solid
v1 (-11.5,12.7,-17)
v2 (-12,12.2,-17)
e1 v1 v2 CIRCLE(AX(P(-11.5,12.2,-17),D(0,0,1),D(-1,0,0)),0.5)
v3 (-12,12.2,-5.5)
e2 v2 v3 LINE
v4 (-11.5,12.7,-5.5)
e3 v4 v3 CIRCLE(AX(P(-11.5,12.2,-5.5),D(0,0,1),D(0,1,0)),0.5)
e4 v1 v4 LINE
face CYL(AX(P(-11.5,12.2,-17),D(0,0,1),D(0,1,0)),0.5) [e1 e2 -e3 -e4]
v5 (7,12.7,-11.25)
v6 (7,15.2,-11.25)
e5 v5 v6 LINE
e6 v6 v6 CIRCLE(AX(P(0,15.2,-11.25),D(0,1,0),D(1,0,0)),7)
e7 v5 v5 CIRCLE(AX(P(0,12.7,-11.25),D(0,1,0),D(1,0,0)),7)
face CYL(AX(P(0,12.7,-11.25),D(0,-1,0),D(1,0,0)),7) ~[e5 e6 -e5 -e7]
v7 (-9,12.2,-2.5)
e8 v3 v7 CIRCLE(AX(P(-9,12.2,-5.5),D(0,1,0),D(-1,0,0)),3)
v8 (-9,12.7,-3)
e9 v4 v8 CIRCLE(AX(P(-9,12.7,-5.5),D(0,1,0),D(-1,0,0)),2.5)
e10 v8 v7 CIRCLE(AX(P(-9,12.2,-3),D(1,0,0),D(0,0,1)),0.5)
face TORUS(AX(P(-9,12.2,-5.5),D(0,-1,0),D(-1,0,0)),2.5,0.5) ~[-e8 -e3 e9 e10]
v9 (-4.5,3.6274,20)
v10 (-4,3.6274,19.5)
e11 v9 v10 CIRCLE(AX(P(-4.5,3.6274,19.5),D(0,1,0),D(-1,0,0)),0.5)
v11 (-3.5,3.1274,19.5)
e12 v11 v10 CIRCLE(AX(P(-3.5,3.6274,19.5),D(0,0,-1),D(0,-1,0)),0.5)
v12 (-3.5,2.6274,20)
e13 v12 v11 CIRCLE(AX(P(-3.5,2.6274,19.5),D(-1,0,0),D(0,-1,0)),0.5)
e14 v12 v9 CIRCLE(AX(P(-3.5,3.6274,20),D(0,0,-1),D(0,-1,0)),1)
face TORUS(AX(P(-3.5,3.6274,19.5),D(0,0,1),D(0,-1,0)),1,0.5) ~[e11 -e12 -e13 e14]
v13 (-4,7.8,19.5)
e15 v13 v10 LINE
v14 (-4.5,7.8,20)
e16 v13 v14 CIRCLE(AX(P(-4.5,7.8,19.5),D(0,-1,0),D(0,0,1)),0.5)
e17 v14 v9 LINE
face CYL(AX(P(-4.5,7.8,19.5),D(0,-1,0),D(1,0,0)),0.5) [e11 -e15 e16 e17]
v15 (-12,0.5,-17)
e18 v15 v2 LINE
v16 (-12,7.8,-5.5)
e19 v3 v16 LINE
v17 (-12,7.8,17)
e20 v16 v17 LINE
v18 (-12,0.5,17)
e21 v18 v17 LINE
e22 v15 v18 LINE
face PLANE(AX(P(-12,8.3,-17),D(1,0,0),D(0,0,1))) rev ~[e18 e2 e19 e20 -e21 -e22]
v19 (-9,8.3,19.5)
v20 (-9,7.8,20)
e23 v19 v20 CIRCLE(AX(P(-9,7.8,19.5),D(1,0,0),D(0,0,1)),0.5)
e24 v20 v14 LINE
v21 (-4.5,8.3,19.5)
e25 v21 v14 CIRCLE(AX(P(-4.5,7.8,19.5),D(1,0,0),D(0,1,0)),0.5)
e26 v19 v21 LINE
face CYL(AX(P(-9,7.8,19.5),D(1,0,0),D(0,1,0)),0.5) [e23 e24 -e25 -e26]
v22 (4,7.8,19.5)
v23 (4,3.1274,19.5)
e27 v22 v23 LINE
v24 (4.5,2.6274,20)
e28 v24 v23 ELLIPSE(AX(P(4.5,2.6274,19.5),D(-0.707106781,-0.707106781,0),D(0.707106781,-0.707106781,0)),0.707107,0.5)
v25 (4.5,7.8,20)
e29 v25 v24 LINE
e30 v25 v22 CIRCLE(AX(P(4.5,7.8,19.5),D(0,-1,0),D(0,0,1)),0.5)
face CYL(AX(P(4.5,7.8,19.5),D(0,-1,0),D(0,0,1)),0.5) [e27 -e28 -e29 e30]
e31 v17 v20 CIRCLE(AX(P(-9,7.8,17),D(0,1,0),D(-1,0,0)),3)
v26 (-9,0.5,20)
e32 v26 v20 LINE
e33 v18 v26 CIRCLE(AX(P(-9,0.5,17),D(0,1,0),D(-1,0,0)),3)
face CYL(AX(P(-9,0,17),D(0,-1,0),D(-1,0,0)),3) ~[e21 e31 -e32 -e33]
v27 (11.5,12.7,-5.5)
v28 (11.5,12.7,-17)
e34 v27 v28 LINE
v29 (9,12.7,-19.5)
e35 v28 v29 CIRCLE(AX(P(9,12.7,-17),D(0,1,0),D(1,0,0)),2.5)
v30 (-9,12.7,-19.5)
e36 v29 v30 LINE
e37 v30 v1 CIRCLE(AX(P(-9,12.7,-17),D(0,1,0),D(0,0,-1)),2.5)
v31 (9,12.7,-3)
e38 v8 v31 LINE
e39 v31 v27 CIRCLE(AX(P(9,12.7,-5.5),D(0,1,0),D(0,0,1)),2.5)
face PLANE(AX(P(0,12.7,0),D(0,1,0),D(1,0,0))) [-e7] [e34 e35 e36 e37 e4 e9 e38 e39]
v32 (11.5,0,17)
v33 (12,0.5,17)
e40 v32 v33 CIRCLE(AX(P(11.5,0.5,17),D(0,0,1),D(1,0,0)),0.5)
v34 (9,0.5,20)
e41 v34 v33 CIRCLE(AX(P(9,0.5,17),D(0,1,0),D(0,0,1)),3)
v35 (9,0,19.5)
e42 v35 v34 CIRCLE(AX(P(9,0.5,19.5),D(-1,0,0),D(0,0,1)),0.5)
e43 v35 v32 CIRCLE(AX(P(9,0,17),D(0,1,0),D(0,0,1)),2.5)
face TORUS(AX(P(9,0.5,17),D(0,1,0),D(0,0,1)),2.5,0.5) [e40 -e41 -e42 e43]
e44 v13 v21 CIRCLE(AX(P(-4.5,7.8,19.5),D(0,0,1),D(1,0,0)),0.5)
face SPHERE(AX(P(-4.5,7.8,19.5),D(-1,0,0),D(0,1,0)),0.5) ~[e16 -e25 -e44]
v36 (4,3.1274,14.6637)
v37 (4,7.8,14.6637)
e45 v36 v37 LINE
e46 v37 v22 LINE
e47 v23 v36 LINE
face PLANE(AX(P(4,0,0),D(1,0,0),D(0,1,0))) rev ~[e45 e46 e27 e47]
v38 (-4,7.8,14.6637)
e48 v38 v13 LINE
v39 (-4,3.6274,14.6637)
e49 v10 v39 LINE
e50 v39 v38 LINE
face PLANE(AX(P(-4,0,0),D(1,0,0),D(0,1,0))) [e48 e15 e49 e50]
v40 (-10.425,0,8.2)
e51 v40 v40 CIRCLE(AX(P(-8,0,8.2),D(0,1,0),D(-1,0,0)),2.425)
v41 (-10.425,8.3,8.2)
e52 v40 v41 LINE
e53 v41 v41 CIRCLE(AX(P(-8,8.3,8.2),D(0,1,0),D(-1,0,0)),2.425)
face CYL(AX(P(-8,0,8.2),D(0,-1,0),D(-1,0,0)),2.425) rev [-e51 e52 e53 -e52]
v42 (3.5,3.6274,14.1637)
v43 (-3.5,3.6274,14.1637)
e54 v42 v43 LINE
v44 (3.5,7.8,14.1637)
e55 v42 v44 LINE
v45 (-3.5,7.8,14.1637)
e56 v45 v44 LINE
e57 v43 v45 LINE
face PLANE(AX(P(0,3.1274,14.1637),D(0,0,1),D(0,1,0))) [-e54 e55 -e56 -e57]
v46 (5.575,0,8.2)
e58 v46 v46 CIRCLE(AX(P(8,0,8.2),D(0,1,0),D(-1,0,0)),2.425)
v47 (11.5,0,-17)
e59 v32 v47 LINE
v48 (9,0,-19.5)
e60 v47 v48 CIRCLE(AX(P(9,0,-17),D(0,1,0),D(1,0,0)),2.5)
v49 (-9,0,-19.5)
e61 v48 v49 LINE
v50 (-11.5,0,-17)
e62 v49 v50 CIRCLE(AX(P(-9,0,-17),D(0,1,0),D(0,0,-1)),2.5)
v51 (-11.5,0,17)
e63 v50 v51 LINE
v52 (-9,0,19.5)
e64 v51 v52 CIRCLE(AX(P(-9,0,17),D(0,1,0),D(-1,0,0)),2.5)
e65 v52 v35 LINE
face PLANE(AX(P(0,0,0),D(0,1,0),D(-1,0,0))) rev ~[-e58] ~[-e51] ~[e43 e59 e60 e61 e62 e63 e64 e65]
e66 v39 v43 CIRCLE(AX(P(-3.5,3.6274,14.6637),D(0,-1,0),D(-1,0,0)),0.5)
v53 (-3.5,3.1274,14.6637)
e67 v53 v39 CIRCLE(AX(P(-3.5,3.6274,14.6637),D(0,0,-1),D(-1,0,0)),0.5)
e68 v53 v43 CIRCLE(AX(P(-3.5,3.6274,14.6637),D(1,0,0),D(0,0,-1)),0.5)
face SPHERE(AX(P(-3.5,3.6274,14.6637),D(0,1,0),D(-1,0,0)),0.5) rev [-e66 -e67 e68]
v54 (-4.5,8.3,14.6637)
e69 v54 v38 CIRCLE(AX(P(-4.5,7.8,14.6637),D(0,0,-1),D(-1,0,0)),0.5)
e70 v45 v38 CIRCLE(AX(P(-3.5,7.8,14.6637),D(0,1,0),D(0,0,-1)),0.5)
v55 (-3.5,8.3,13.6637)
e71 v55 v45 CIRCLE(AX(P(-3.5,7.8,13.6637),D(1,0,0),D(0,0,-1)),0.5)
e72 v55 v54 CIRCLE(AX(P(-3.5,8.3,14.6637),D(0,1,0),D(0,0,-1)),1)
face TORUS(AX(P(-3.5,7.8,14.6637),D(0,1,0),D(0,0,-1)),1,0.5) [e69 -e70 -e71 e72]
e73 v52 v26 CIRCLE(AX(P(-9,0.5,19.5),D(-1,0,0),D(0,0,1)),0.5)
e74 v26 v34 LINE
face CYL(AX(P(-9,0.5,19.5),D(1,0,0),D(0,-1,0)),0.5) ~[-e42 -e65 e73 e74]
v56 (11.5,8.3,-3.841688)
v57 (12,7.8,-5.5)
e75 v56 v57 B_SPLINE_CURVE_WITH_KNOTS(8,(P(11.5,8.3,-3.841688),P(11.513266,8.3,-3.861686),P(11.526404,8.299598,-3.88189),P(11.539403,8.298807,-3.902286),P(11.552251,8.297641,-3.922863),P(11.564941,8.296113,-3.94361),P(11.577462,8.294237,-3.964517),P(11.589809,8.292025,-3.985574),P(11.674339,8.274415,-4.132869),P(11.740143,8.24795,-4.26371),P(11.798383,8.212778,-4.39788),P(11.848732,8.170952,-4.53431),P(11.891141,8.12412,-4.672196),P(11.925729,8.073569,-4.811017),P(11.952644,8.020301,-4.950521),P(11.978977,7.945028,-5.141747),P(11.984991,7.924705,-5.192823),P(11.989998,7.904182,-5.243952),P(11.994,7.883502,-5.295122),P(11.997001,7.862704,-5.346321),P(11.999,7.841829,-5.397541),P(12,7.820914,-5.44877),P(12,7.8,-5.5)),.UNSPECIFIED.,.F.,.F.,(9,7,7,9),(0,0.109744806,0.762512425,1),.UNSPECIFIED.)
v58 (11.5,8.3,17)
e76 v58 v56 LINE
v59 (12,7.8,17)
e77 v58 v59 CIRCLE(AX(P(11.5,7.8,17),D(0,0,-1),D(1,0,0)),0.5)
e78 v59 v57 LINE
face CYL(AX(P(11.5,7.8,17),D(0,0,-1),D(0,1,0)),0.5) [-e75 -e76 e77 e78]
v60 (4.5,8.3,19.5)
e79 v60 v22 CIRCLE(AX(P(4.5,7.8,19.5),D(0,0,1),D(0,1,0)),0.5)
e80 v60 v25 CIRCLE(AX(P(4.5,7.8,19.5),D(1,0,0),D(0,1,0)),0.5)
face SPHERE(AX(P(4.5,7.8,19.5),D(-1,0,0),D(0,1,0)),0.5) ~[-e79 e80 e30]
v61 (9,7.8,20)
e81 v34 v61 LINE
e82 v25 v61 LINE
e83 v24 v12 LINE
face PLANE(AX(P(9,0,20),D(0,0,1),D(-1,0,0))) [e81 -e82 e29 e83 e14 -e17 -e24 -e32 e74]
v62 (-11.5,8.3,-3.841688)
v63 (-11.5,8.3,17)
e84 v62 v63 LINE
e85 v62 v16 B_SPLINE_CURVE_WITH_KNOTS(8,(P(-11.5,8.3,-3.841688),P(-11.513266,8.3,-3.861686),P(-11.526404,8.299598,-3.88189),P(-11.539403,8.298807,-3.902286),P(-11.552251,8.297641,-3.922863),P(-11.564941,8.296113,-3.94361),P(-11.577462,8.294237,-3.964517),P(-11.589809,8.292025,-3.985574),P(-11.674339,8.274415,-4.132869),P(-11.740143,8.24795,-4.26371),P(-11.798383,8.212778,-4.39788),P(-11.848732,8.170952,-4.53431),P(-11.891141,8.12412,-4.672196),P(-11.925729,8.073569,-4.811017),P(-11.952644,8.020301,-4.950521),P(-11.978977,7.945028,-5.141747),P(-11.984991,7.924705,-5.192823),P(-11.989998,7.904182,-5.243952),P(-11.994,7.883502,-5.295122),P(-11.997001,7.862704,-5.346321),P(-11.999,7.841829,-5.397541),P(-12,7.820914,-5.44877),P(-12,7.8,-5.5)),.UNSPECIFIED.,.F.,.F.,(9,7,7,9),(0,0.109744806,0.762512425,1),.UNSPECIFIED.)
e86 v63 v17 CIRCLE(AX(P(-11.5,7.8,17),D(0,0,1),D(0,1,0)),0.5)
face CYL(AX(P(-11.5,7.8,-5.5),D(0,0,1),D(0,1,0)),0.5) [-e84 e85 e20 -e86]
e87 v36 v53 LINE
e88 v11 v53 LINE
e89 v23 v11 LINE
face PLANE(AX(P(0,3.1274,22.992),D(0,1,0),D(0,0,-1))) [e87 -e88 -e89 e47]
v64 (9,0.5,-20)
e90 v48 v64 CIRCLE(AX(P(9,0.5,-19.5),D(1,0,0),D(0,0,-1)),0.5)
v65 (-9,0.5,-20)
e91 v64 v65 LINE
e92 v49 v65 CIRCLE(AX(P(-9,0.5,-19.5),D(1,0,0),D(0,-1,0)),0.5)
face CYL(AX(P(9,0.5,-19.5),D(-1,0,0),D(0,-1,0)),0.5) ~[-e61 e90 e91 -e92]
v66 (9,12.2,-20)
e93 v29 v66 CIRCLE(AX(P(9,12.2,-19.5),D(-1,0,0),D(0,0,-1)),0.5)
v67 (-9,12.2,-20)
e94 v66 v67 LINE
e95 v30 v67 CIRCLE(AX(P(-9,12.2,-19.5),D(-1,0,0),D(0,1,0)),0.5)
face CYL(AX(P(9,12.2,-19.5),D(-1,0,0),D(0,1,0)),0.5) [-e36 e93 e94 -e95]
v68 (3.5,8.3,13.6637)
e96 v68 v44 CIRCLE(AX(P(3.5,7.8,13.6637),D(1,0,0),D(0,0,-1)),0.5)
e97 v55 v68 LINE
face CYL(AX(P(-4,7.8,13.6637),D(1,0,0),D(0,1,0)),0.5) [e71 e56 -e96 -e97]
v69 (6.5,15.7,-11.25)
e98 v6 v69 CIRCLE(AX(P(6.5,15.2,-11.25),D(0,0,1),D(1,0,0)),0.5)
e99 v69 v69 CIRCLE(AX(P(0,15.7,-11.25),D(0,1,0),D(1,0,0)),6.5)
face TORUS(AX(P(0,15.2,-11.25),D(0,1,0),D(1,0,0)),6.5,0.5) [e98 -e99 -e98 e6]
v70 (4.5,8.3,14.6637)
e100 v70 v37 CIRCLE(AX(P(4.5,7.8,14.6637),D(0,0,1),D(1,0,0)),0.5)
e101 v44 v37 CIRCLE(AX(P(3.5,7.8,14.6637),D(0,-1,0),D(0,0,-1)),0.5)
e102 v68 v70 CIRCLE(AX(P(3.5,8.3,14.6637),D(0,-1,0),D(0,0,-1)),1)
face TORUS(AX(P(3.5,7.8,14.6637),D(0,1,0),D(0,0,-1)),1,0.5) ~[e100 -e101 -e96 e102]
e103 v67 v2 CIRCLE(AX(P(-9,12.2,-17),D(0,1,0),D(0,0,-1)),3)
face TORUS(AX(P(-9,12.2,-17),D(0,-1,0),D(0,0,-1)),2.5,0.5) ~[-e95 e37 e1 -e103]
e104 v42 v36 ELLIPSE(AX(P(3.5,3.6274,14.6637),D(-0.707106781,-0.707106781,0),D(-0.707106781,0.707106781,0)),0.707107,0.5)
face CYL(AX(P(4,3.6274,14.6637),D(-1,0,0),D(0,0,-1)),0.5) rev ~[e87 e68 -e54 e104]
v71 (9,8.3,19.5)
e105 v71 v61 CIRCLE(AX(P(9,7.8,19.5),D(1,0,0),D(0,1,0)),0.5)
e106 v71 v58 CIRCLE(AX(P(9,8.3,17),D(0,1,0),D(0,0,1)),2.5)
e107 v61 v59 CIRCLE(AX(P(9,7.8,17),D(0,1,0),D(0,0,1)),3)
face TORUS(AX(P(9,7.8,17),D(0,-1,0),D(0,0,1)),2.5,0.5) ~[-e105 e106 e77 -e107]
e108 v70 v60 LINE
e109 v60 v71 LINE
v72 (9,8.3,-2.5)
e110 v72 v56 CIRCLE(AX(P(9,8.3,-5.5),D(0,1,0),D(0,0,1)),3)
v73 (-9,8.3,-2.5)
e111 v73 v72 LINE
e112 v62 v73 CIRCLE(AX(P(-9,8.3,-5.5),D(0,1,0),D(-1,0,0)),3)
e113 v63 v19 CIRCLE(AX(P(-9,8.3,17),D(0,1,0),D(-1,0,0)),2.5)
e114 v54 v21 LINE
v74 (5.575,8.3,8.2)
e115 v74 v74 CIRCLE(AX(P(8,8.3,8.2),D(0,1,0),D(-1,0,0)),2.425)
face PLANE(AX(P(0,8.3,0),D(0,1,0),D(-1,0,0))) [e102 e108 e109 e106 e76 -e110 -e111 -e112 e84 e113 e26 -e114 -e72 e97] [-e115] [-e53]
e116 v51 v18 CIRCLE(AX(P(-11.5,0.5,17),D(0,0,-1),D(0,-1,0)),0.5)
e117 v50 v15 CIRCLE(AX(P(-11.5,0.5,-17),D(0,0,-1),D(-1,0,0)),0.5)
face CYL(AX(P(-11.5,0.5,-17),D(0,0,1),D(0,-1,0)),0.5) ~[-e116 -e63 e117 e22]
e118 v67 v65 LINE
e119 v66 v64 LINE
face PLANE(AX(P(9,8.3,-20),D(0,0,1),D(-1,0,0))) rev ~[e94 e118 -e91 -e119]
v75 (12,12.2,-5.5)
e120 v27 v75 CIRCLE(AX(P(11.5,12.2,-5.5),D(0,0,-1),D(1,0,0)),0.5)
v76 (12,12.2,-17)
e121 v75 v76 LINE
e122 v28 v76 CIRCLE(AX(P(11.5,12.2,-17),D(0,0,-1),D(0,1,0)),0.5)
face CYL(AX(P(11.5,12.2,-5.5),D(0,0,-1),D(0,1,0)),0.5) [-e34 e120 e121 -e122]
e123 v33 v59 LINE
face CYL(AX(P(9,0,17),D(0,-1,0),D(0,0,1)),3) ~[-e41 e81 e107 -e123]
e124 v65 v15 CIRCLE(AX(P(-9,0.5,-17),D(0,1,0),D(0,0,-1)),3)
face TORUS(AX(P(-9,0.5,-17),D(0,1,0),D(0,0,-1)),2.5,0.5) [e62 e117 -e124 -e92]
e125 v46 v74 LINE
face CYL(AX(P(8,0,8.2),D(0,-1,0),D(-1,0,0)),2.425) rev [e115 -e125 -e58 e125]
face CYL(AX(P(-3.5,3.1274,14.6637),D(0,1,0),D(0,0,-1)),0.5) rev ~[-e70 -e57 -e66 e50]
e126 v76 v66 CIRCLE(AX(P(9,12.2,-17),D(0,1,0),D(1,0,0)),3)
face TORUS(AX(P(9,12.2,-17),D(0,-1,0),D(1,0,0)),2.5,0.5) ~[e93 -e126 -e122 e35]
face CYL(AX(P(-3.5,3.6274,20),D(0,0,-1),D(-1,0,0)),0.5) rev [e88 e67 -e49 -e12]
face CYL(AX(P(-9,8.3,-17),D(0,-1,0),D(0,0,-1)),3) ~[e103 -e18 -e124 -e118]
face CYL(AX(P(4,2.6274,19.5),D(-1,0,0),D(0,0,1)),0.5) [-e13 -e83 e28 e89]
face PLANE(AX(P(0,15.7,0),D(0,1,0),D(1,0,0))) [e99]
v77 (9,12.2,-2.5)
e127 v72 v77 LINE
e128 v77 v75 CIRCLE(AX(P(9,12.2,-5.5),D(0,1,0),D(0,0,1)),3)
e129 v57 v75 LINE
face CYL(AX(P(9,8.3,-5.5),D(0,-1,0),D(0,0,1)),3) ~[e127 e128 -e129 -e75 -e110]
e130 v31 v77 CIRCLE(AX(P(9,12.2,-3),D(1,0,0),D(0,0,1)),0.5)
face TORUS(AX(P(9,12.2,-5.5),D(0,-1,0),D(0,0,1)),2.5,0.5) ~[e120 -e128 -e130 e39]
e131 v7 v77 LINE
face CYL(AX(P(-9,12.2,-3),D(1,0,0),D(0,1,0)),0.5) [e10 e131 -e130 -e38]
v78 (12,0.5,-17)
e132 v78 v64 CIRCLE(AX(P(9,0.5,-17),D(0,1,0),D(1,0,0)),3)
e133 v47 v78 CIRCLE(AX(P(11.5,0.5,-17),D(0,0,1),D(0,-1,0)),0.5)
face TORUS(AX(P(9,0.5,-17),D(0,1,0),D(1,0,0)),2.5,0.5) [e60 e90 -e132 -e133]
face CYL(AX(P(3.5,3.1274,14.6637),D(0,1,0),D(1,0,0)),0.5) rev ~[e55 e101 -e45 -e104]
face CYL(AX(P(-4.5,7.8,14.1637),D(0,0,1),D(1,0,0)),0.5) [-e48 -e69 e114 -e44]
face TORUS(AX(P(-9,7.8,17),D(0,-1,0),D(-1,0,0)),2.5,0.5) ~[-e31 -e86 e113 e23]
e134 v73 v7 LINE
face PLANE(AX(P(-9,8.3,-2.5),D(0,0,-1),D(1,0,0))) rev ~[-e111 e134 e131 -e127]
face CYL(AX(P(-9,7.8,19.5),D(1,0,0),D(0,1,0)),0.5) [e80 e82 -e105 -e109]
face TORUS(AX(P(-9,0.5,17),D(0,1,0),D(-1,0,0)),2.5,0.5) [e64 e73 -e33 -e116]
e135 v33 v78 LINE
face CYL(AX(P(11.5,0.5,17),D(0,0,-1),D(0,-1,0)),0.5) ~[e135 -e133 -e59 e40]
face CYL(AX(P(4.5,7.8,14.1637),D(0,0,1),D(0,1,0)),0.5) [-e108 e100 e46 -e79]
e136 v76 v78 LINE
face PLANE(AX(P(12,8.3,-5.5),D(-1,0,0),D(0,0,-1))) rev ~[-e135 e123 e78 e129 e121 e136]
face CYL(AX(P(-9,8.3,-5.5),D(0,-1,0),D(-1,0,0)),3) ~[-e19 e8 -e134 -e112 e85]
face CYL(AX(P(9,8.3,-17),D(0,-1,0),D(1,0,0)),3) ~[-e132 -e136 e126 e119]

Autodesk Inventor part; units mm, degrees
ref_plane "YZ Plane" through (0, 0, 0) normal (1, 0, 0) x (0, 1, 0)
ref_plane "XZ Plane" through (0, 0, 0) normal (0, 1, 0) x (-1, 0, 0)
ref_plane "XY Plane" through (0, 0, 0) normal (0, 0, 1) x (1, 0, 0)
sketch "スケッチ1" plane through (0, 0, 0) normal (0, 1, 0) x (-1, 0, 0)
  line L0 (-9, 20) -> (9, 20)
  line L1 (12, 17) -> (12, -17)
  line L2 (9, -20) -> (-9, -20)
  line L3 (-12, -17) -> (-12, 17)
  line L4 (-12, 20) -> (12, -20) construction
  line L5 (12, 20) -> (-12, -20) construction
  line L6 (0, -28.8698) -> (0, 28.8698) projected
  circle A0 centre (8, 8.2) radius 2.425
  circle A1 centre (-8, 8.2) radius 2.425
  arc A2 (12, 17) -> (9, 20) centre (9, 17) ccw
  arc A3 (-9, 20) -> (-12, 17) centre (-9, 17) ccw
  arc A4 (-12, -17) -> (-9, -20) centre (-9, -17) ccw
  arc A5 (9, -20) -> (12, -17) centre (9, -17) ccw
  point P0 (0, 0)
  dimension "d0" = 24
  dimension "d1" = 40
  dimension "d4" = 4.85
  dimension "d5" = 16
  dimension "d6" = 11.8
  dimension "d7" = 3
extrude "押し出し1" add sketch "スケッチ1" along normal blind 8.3
sketch "スケッチ2" plane through (0, 8.3, 0) normal (0, 1, 0) x (1, 0, 0)
  line L0 (-12, 17) -> (-12, -17) projected
  line L1 (-9, 2.5) -> (9, 2.5)
  line L2 (12, -17) -> (12, 17) projected
  line L3 (-12, 17) -> (-12, 5.5)
  line L4 (12, 17) -> (12, 5.5)
  arc A0 (-12, 5.5) -> (-9, 2.5) centre (-9, 5.5) ccw
  arc A1 (9, 2.5) -> (12, 5.5) centre (9, 5.5) ccw
  line L5 (9, 20) -> (-9, 20) projected
  arc A2 (-9, 20) -> (-12, 17) centre (-9, 17) ccw projected
  arc A3 (12, 17) -> (9, 20) centre (9, 17) ccw projected
  point P0 (0, 0)
  point P1 (-12, 2.5)
  point P2 (12, 2.5)
  dimension "d10" = 3
  dimension "d11" = 17.5
extrude "押し出し2" add sketch "スケッチ2" along normal blind 4.4
sketch "スケッチ3" plane through (0, 12.7, 0) normal (0, 1, 0) x (1, 0, 0)
  circle A0 centre (0, 11.25) radius 7
  line L0 (-12, 17) -> (-12, 5.5) projected
  line L1 (-12, 11.25) -> (12, 11.25) construction
  line L2 (12, 5.5) -> (12, 17) projected
  line L3 (9, 20) -> (-9, 20) projected
  line L4 (0, 20) -> (0, 2.5) construction
  line L5 (-9, 2.5) -> (9, 2.5) projected
  point P0 (0, 0)
  dimension "d14" = 14
extrude "押し出し3" add sketch "スケッチ3" along normal blind 3
fillet "フィレット1" radius 0.5 1 edges at (-7, 15.7, -11.25)
fillet "フィレット2" radius 0.5 21 edges at (11.1213, 8.3, 19.1213) (0, 8.3, 20) (-11.1213, 8.3, 19.1213) (-12, 8.3, 5.75) (12, 8.3, 5.75) (11.1213, 12.7, -3.3787) (12, 12.7, -11.25) (11.1213, 12.7, -19.1213) (0, 12.7, -20) (-11.1213, 12.7, -19.1213) (-12, 12.7, -11.25) (-11.1213, 12.7, -3.3787) (0, 12.7, -2.5) (11.1213, 0, 19.1213) (12, 0, 0) (11.1213, 0, -19.1213) (0, 0, -20) (-11.1213, 0, -19.1213) (-12, 0, 0) (-11.1213, 0, 19.1213) (0, 0, 20)
sketch "スケッチ4" plane through (0, 0, 0) normal (1, 0, 0) x (0, 1, 0)
  line L0 (10.3657, 22.992) -> (3.1274, 22.992)
  line L1 (3.1274, 22.992) -> (3.1274, 14.1637)
  line L2 (3.1274, 14.1637) -> (10.3657, 14.1637)
  line L3 (10.3657, 14.1637) -> (10.3657, 22.992)
  point P0 (0, 0)
extrude "押し出し4" cut sketch "スケッチ4" along normal mid plane 8
fillet "フィレット3" radius 0.5 12 edges at (0, 8.3, 14.1637) (-4, 8.1536, 19.8536) (-4, 5.4637, 20) (-4, 8.3, 16.8319) (-4, 5.7137, 14.1637) (-4, 3.1274, 17.0819) (0, 3.1274, 14.1637) (4, 8.1536, 19.8536) (4, 8.3, 16.8319) (4, 5.4637, 20) (0, 3.1274, 20) (4, 5.7137, 14.1637)
properties part number "UnitV_OV7740_M12"
